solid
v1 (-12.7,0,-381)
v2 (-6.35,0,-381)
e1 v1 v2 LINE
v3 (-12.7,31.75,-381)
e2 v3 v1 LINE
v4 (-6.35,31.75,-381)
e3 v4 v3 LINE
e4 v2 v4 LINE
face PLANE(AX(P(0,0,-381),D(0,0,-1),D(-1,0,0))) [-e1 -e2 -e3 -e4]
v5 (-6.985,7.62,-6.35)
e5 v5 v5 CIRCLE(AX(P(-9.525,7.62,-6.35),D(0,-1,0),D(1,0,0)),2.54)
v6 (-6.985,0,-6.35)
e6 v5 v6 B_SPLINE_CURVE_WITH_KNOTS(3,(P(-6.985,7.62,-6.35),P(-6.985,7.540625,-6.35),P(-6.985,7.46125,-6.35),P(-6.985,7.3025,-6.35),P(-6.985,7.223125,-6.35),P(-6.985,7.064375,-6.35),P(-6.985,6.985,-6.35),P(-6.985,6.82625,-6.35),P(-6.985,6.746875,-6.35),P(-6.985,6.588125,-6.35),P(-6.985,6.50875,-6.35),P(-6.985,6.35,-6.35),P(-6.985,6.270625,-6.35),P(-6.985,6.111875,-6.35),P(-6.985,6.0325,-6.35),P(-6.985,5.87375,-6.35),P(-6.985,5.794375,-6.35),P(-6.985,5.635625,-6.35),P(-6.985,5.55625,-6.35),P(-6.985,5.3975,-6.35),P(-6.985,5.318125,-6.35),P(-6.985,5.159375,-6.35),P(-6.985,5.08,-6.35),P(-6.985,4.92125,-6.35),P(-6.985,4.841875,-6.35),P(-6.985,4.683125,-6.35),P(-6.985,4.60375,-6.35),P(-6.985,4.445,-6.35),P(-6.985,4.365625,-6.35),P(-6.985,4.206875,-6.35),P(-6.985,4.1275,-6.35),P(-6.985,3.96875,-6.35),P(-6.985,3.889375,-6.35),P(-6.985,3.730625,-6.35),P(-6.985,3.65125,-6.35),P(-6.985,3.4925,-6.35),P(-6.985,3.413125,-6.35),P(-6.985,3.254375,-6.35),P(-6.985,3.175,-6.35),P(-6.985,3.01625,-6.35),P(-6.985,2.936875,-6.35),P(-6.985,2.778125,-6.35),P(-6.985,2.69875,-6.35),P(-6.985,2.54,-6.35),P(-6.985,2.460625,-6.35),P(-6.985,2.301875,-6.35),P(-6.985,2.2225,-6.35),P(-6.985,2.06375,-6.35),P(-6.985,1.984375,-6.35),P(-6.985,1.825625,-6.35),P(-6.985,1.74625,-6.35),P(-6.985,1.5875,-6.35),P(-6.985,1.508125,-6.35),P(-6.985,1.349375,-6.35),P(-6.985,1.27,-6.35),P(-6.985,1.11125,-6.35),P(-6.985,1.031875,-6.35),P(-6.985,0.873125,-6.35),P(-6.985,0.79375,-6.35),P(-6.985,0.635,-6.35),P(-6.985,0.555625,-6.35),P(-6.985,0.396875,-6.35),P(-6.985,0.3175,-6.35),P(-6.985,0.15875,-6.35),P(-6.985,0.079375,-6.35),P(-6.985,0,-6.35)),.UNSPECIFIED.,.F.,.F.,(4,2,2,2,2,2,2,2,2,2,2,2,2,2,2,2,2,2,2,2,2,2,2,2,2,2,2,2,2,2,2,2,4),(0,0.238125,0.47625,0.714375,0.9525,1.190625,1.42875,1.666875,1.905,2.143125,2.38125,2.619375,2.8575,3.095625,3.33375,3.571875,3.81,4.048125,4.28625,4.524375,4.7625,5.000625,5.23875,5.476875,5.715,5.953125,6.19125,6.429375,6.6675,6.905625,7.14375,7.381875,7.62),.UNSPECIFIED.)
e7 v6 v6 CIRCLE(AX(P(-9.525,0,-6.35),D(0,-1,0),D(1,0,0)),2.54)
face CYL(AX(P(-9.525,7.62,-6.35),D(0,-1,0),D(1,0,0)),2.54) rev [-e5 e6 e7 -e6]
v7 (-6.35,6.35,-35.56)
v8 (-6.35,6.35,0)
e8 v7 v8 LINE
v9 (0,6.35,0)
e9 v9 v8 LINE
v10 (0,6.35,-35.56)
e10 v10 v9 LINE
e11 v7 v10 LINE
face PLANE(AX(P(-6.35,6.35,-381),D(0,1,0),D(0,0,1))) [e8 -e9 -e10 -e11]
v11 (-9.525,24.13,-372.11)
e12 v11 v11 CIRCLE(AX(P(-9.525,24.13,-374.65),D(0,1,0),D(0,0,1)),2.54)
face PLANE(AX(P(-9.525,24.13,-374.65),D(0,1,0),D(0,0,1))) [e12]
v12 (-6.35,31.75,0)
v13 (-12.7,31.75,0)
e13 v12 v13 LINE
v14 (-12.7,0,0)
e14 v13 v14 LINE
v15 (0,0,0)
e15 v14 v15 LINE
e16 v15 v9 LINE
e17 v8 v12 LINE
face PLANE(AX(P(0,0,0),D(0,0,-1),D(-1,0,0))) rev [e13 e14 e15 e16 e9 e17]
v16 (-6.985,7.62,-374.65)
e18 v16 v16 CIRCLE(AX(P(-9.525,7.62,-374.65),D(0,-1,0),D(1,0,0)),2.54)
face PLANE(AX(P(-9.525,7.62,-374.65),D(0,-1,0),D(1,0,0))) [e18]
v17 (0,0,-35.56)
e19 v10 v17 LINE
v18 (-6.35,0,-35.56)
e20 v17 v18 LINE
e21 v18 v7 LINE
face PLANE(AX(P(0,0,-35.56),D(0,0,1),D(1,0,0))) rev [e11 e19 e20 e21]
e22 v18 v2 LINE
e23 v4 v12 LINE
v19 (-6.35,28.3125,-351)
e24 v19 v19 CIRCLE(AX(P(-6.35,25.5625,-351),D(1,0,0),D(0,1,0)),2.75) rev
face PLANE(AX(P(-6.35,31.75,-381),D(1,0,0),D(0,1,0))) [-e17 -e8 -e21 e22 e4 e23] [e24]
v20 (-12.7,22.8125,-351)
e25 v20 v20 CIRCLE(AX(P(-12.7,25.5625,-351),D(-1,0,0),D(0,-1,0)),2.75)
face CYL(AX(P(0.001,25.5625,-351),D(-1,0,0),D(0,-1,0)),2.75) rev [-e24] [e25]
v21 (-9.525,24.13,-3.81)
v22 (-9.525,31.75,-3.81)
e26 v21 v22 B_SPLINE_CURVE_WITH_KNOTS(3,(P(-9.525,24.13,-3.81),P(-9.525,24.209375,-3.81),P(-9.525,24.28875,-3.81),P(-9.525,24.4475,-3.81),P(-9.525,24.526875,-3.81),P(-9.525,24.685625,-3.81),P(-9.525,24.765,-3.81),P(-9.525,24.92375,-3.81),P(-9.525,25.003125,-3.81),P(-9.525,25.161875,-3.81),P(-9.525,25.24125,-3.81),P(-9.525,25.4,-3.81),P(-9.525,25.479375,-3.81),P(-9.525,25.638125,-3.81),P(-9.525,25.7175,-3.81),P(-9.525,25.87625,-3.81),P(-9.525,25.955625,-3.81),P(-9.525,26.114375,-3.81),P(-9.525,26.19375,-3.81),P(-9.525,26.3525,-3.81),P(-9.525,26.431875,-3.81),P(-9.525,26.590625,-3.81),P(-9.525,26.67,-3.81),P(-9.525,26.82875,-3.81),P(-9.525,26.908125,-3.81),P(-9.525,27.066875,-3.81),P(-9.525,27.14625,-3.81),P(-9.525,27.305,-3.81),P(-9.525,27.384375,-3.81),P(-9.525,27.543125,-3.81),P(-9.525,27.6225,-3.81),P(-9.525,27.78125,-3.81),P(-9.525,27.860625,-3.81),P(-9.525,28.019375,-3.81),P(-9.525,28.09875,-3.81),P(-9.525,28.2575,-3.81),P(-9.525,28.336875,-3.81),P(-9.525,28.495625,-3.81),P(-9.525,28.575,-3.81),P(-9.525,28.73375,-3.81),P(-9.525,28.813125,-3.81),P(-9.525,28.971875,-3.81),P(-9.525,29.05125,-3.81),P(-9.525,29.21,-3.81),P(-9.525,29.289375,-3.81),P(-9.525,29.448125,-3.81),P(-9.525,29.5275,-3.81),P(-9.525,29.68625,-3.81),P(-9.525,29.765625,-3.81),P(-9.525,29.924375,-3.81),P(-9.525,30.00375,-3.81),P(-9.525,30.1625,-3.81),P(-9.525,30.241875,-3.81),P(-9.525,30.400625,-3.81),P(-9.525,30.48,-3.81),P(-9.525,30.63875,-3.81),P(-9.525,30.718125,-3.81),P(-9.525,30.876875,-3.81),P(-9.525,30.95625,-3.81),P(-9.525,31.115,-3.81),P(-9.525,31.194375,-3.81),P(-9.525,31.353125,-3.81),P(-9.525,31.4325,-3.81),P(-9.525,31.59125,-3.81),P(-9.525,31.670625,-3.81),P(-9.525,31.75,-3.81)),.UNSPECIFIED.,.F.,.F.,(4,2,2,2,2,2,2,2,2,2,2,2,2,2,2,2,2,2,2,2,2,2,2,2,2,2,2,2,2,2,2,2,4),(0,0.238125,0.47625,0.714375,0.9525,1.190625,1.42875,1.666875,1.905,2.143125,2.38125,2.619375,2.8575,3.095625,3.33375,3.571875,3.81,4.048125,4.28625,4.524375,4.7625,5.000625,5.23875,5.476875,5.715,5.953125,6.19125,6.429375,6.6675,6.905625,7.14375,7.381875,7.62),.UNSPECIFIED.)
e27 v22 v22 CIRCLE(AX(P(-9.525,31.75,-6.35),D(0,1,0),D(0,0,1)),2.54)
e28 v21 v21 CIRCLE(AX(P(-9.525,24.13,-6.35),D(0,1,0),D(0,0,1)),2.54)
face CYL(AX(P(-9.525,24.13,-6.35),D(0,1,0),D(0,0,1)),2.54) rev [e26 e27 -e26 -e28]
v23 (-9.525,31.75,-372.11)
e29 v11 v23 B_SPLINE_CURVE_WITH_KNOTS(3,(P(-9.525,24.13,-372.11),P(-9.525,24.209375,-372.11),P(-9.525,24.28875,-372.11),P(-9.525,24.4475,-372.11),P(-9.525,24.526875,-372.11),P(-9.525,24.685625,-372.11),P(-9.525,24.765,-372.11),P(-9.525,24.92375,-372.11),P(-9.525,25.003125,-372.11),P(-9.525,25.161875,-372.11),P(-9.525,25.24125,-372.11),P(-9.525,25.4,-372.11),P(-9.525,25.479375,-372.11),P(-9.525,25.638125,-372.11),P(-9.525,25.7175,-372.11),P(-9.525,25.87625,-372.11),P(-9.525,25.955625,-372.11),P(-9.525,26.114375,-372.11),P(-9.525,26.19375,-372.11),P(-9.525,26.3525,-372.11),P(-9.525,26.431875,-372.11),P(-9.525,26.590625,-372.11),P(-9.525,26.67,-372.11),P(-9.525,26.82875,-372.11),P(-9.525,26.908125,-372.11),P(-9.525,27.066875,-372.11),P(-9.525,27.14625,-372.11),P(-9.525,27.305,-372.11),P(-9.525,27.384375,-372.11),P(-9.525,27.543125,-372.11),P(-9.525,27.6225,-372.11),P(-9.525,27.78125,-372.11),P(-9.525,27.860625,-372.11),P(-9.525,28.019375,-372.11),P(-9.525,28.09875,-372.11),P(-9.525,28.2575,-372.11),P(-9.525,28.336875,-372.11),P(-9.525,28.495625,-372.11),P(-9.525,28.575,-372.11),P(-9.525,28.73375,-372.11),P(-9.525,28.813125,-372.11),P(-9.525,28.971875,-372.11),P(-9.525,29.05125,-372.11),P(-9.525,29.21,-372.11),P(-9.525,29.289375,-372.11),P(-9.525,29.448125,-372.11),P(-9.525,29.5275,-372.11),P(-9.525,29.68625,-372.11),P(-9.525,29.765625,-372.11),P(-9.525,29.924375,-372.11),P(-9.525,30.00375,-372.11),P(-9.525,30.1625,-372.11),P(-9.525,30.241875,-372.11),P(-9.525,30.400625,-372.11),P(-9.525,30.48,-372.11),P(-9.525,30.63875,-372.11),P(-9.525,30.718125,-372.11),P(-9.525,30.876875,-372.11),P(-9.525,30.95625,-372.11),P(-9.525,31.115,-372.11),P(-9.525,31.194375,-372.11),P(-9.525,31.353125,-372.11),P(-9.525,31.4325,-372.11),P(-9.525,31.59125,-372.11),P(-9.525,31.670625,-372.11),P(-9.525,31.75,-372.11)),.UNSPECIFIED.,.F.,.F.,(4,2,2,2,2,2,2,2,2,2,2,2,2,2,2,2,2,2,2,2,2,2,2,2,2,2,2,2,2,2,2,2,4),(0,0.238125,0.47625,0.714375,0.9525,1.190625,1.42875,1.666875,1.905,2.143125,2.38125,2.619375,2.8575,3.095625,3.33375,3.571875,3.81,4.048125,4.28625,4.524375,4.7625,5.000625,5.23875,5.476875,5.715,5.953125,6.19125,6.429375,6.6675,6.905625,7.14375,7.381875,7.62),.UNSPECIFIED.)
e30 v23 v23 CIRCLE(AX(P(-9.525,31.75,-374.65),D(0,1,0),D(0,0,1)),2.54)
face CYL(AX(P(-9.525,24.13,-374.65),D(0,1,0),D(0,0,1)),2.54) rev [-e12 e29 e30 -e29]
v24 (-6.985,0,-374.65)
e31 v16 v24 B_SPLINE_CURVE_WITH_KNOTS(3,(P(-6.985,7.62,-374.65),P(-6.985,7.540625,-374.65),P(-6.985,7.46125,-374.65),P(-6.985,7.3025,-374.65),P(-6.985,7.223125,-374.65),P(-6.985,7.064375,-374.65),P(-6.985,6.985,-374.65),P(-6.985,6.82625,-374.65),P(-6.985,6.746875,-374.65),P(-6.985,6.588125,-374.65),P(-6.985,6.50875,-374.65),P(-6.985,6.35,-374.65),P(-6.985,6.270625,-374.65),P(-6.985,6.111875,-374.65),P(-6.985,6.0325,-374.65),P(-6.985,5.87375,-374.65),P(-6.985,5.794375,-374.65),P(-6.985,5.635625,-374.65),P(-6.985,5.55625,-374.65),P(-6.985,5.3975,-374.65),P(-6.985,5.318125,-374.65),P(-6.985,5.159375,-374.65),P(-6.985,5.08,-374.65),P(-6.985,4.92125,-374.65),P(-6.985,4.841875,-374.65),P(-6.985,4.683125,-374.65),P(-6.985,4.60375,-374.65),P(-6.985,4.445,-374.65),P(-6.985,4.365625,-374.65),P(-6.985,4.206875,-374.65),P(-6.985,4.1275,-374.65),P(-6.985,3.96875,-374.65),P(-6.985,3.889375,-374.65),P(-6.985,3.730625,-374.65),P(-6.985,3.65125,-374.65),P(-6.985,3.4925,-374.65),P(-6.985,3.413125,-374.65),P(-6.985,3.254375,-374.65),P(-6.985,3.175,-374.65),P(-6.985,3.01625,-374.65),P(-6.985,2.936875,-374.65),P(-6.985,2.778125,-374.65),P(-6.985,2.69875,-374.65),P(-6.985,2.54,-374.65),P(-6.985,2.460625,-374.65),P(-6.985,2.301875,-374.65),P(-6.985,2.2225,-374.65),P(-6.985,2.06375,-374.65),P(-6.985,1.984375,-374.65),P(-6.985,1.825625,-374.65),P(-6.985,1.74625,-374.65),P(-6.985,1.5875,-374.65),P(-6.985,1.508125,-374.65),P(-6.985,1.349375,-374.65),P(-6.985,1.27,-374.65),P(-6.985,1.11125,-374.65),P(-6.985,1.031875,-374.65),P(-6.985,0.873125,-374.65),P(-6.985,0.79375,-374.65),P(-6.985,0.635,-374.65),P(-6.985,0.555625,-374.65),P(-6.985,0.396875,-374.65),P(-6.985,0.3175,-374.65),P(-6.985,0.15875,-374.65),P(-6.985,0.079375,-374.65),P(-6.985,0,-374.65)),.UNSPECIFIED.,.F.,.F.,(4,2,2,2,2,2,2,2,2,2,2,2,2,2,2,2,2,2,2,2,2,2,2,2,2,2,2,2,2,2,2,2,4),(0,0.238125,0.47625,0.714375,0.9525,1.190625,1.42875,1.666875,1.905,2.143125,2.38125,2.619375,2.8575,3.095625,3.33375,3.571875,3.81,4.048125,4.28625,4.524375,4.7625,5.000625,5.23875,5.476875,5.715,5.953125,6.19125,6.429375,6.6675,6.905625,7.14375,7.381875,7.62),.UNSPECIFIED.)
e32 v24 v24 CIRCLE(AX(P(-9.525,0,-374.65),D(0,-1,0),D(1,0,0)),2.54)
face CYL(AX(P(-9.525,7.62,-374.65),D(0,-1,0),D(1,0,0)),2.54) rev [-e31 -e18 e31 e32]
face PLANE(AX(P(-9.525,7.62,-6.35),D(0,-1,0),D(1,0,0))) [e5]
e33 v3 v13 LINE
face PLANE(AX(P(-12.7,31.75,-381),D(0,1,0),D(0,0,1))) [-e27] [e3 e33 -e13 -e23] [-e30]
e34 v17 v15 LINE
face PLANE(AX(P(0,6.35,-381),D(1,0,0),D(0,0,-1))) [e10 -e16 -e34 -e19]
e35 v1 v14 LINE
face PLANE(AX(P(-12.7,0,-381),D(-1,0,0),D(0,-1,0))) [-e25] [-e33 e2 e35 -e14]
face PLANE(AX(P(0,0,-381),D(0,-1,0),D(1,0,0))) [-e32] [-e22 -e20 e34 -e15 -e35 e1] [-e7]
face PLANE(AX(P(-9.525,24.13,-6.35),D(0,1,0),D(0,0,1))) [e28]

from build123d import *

# Parameters (mm, degrees)
BOSS_EXTRUDE1_DEPTH = 381
CUT_EXTRUDE1_REACH  = 384.532
SKETCH2_R           = 2.75
SKETCH3_R           = 2.54
CUT_EXTRUDE2_DEPTH  = 7.62
CUT_EXTRUDE3_START  = -7.62
SKETCH4_R           = 2.54
CUT_EXTRUDE3_DEPTH  = 7.62
SKETCH5_W           = 6.35
SKETCH5_H           = 6.35
CUT_EXTRUDE4_DEPTH  = 345.44


with BuildPart() as part:
    # Sketch1 → Boss-Extrude1 (new body)
    with BuildSketch(Plane.XY):
        Polygon((0, 0), (-12.7, 0), (-12.7, 31.75), (-6.35, 31.75), (-6.35, 6.35), (0, 6.35), align=None)
    extrude(amount=-BOSS_EXTRUDE1_DEPTH)

    # Sketch2 → Cut-Extrude1 (cut, up to next)
    with BuildSketch(Plane.ZY.offset(12.7), mode=Mode.PRIVATE) as cut_extrude1_sk1:
        with Locations(Location((-351, 25.5625, 0), (0, 0, 270))):
            Circle(SKETCH2_R)
    cut_extrude1_tool1 = extrude(cut_extrude1_sk1.sketch, amount=-CUT_EXTRUDE1_REACH, mode=Mode.PRIVATE) & part.part
    add(cut_extrude1_tool1.solids().sort_by_distance((-12.7, 25.5625, -351))[0], mode=Mode.SUBTRACT)

    # Sketch3 → Cut-Extrude2 (cut)
    with BuildSketch(Plane(origin=(0, 31.75, 0), x_dir=(1, 0, 0), z_dir=(0, 1, 0))):
        with Locations(Location((-9.525, 6.35, 0), (0, 0, 270))):
            Circle(SKETCH3_R)
        with Locations(Location((-9.525, 374.65, 0), (0, 0, 270))):
            Circle(SKETCH3_R)
    extrude(amount=-CUT_EXTRUDE2_DEPTH, mode=Mode.SUBTRACT)

    # Sketch4 → Cut-Extrude3 (cut)
    with BuildSketch(Plane.XZ.offset(CUT_EXTRUDE3_START)):
        with Locations(Location((-9.525, -374.65, 0), (0, 0, 90))):
            Circle(SKETCH4_R)
        with Locations(Location((-9.525, -6.35, 0), (0, 0, 90))):
            Circle(SKETCH4_R)
    extrude(amount=CUT_EXTRUDE3_DEPTH, mode=Mode.SUBTRACT)

    # Sketch5 → Cut-Extrude4 (cut)
    with BuildSketch(Plane(origin=(0, 0, -381), x_dir=(-1, 0, 0), z_dir=(0, 0, -1))):
        with Locations((3.175, 3.175)):
            Rectangle(SKETCH5_W, SKETCH5_H)
    extrude(amount=-CUT_EXTRUDE4_DEPTH, mode=Mode.SUBTRACT)


solid = part.part
